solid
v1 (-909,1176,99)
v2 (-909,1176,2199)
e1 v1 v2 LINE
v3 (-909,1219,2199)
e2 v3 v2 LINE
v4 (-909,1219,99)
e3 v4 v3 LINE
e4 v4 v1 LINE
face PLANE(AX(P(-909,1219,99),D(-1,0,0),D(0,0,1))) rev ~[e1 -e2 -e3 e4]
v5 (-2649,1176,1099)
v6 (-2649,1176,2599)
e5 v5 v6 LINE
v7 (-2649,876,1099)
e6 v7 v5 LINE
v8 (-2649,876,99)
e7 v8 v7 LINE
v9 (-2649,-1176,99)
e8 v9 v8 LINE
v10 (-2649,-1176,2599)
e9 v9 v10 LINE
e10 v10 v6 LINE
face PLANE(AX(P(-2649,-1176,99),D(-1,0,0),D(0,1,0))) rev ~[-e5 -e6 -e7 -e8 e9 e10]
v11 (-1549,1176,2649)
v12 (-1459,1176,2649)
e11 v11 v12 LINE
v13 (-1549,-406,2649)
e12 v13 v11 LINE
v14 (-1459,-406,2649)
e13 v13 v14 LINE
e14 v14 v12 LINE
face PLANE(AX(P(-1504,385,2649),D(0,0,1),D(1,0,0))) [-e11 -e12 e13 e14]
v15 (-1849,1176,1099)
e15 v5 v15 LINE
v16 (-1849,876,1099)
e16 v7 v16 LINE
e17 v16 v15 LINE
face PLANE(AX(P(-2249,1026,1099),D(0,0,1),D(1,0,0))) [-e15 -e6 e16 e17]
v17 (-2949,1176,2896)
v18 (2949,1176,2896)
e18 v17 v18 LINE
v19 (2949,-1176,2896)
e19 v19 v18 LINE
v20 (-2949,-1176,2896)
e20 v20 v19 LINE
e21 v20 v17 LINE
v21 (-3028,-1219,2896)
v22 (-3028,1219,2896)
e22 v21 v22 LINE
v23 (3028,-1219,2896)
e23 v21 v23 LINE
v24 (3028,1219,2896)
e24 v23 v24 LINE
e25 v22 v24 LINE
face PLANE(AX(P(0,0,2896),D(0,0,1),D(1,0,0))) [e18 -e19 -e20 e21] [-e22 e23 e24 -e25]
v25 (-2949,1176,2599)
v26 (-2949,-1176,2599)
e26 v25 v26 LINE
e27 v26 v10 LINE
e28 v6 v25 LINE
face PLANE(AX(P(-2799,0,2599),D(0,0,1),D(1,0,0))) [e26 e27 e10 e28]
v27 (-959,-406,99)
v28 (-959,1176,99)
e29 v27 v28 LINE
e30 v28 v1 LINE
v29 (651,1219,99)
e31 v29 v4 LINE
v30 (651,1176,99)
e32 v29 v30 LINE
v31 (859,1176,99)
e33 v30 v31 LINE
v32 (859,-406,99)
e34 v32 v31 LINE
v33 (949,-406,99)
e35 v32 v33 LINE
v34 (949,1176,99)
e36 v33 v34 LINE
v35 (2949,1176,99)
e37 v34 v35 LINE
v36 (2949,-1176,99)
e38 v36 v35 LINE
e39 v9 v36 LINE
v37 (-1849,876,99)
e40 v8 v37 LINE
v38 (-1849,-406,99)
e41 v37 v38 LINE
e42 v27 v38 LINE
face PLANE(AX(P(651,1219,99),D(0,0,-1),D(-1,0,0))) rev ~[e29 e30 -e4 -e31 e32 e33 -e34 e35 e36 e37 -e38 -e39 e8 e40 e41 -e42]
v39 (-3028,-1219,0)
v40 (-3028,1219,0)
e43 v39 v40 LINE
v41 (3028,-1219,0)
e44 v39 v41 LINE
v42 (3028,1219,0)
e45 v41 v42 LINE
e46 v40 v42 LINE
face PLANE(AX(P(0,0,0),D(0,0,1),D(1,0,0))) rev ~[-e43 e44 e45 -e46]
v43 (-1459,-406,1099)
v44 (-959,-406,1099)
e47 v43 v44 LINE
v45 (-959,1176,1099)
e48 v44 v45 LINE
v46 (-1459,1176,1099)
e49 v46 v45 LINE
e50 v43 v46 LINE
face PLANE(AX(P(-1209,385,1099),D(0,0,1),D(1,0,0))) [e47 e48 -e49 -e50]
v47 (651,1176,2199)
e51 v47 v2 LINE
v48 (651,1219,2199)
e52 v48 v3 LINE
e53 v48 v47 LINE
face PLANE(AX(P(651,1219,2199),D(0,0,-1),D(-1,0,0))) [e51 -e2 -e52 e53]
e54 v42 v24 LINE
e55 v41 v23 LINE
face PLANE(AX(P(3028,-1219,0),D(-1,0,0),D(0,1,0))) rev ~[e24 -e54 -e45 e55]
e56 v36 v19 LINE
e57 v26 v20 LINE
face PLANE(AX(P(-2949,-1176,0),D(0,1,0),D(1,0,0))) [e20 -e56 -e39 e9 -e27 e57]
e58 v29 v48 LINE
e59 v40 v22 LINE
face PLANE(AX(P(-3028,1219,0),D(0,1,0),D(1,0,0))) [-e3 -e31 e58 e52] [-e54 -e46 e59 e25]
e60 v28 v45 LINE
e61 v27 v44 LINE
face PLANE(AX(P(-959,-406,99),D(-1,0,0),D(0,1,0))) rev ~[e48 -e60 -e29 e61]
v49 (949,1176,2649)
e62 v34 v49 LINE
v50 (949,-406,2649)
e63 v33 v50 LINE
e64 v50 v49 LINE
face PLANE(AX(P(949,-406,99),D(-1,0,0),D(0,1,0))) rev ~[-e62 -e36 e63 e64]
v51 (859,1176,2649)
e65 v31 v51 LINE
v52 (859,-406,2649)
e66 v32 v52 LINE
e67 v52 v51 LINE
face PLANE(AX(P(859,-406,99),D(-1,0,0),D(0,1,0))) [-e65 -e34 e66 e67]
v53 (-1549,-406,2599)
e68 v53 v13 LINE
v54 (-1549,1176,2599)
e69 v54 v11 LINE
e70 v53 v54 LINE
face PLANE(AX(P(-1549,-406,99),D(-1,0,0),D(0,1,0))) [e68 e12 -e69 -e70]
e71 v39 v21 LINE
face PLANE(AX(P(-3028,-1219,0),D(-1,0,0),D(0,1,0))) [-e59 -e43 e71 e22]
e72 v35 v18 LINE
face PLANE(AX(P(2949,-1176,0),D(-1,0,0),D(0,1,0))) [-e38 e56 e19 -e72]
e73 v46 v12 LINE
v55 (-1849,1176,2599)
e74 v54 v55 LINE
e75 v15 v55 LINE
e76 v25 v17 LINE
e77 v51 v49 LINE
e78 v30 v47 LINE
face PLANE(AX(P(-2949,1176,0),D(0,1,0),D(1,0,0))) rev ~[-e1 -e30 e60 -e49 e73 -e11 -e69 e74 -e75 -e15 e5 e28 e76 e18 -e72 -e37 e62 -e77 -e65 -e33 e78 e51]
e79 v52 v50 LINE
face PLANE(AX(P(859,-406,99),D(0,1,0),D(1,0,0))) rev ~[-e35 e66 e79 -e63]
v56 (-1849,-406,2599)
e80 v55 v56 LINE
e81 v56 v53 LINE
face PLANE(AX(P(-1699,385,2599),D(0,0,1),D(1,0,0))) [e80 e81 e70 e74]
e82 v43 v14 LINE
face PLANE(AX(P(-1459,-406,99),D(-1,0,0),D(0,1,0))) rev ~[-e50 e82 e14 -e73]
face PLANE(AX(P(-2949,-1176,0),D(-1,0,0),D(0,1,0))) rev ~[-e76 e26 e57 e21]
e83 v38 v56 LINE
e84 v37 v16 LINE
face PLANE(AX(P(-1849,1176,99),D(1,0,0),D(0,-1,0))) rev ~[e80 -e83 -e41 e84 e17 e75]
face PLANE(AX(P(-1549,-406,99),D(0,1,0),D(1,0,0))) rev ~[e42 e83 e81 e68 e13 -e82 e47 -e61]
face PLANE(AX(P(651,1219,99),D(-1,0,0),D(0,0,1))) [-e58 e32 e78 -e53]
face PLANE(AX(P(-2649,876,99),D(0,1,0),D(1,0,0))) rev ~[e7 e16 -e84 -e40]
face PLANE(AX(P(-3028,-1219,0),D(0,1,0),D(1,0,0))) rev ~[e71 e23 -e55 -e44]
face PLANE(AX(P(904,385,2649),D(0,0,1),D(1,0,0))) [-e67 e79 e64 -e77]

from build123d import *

# Parameters (mm, degrees)
F0_W     = 6056
F0_H     = 2438
F0_W_2   = 5898
F0_H_2   = 2352
F1_DEPTH = 2896
F2_DEPTH = 99
F3_W     = 90
F3_H     = 1582
F4_DEPTH = 2550
F5_W     = 1560
F5_H     = 2100
F6_DEPTH = 49
F8_DEPTH = 2500
F7_W     = 800
F7_H     = 300
F7_W_2   = 500
F7_H_2   = 1582
F9_DEPTH = 1000


with BuildPart() as f1:
    # F0 (on Top) → F1 (new body)
    with BuildSketch(Plane.XY):
        Rectangle(F0_W, F0_H)
        Rectangle(F0_W_2, F0_H_2, mode=Mode.SUBTRACT)
    extrude(amount=F1_DEPTH)

    # F0 (on Top) → F2 (join)
    with BuildSketch(Plane.XY):
        Rectangle(F0_W_2, F0_H_2)
    extrude(amount=F2_DEPTH)

    # F3 (on face) → F4 (join)
    with BuildSketch(Plane.XY.offset(99)):
        with Locations((-1504, 385)):
            Rectangle(F3_W, F3_H)
        with Locations((904, 385)):
            Rectangle(F3_W, F3_H)
    extrude(amount=F4_DEPTH)

    # F5 (on face) → F6 (cut)
    with BuildSketch(Plane(origin=(0, 1219, 0), x_dir=(-1, 0, 0), z_dir=(0, 1, 0))):
        with Locations((129, 1149)):
            Rectangle(F5_W, F5_H)
    extrude(amount=-F6_DEPTH, mode=Mode.SUBTRACT)

    # F7 (on face) → F8 (join)
    with BuildSketch(Plane.XY.offset(99)):
        Polygon((-2649, 1176), (-2949, 1176), (-2949, -1176), (-2649, -1176), (-2649, 876), align=None)
        Polygon((-1549, 1176), (-1849, 1176), (-1849, 876), (-1849, -406), (-1549, -406), align=None)
    extrude(amount=F8_DEPTH)

    # F7 (on face) → F9 (join)
    with BuildSketch(Plane.XY.offset(99)):
        with Locations((-2249, 1026)):
            Rectangle(F7_W, F7_H)
        with Locations((-1209, 385)):
            Rectangle(F7_W_2, F7_H_2)
    extrude(amount=F9_DEPTH)


solid = f1.part
